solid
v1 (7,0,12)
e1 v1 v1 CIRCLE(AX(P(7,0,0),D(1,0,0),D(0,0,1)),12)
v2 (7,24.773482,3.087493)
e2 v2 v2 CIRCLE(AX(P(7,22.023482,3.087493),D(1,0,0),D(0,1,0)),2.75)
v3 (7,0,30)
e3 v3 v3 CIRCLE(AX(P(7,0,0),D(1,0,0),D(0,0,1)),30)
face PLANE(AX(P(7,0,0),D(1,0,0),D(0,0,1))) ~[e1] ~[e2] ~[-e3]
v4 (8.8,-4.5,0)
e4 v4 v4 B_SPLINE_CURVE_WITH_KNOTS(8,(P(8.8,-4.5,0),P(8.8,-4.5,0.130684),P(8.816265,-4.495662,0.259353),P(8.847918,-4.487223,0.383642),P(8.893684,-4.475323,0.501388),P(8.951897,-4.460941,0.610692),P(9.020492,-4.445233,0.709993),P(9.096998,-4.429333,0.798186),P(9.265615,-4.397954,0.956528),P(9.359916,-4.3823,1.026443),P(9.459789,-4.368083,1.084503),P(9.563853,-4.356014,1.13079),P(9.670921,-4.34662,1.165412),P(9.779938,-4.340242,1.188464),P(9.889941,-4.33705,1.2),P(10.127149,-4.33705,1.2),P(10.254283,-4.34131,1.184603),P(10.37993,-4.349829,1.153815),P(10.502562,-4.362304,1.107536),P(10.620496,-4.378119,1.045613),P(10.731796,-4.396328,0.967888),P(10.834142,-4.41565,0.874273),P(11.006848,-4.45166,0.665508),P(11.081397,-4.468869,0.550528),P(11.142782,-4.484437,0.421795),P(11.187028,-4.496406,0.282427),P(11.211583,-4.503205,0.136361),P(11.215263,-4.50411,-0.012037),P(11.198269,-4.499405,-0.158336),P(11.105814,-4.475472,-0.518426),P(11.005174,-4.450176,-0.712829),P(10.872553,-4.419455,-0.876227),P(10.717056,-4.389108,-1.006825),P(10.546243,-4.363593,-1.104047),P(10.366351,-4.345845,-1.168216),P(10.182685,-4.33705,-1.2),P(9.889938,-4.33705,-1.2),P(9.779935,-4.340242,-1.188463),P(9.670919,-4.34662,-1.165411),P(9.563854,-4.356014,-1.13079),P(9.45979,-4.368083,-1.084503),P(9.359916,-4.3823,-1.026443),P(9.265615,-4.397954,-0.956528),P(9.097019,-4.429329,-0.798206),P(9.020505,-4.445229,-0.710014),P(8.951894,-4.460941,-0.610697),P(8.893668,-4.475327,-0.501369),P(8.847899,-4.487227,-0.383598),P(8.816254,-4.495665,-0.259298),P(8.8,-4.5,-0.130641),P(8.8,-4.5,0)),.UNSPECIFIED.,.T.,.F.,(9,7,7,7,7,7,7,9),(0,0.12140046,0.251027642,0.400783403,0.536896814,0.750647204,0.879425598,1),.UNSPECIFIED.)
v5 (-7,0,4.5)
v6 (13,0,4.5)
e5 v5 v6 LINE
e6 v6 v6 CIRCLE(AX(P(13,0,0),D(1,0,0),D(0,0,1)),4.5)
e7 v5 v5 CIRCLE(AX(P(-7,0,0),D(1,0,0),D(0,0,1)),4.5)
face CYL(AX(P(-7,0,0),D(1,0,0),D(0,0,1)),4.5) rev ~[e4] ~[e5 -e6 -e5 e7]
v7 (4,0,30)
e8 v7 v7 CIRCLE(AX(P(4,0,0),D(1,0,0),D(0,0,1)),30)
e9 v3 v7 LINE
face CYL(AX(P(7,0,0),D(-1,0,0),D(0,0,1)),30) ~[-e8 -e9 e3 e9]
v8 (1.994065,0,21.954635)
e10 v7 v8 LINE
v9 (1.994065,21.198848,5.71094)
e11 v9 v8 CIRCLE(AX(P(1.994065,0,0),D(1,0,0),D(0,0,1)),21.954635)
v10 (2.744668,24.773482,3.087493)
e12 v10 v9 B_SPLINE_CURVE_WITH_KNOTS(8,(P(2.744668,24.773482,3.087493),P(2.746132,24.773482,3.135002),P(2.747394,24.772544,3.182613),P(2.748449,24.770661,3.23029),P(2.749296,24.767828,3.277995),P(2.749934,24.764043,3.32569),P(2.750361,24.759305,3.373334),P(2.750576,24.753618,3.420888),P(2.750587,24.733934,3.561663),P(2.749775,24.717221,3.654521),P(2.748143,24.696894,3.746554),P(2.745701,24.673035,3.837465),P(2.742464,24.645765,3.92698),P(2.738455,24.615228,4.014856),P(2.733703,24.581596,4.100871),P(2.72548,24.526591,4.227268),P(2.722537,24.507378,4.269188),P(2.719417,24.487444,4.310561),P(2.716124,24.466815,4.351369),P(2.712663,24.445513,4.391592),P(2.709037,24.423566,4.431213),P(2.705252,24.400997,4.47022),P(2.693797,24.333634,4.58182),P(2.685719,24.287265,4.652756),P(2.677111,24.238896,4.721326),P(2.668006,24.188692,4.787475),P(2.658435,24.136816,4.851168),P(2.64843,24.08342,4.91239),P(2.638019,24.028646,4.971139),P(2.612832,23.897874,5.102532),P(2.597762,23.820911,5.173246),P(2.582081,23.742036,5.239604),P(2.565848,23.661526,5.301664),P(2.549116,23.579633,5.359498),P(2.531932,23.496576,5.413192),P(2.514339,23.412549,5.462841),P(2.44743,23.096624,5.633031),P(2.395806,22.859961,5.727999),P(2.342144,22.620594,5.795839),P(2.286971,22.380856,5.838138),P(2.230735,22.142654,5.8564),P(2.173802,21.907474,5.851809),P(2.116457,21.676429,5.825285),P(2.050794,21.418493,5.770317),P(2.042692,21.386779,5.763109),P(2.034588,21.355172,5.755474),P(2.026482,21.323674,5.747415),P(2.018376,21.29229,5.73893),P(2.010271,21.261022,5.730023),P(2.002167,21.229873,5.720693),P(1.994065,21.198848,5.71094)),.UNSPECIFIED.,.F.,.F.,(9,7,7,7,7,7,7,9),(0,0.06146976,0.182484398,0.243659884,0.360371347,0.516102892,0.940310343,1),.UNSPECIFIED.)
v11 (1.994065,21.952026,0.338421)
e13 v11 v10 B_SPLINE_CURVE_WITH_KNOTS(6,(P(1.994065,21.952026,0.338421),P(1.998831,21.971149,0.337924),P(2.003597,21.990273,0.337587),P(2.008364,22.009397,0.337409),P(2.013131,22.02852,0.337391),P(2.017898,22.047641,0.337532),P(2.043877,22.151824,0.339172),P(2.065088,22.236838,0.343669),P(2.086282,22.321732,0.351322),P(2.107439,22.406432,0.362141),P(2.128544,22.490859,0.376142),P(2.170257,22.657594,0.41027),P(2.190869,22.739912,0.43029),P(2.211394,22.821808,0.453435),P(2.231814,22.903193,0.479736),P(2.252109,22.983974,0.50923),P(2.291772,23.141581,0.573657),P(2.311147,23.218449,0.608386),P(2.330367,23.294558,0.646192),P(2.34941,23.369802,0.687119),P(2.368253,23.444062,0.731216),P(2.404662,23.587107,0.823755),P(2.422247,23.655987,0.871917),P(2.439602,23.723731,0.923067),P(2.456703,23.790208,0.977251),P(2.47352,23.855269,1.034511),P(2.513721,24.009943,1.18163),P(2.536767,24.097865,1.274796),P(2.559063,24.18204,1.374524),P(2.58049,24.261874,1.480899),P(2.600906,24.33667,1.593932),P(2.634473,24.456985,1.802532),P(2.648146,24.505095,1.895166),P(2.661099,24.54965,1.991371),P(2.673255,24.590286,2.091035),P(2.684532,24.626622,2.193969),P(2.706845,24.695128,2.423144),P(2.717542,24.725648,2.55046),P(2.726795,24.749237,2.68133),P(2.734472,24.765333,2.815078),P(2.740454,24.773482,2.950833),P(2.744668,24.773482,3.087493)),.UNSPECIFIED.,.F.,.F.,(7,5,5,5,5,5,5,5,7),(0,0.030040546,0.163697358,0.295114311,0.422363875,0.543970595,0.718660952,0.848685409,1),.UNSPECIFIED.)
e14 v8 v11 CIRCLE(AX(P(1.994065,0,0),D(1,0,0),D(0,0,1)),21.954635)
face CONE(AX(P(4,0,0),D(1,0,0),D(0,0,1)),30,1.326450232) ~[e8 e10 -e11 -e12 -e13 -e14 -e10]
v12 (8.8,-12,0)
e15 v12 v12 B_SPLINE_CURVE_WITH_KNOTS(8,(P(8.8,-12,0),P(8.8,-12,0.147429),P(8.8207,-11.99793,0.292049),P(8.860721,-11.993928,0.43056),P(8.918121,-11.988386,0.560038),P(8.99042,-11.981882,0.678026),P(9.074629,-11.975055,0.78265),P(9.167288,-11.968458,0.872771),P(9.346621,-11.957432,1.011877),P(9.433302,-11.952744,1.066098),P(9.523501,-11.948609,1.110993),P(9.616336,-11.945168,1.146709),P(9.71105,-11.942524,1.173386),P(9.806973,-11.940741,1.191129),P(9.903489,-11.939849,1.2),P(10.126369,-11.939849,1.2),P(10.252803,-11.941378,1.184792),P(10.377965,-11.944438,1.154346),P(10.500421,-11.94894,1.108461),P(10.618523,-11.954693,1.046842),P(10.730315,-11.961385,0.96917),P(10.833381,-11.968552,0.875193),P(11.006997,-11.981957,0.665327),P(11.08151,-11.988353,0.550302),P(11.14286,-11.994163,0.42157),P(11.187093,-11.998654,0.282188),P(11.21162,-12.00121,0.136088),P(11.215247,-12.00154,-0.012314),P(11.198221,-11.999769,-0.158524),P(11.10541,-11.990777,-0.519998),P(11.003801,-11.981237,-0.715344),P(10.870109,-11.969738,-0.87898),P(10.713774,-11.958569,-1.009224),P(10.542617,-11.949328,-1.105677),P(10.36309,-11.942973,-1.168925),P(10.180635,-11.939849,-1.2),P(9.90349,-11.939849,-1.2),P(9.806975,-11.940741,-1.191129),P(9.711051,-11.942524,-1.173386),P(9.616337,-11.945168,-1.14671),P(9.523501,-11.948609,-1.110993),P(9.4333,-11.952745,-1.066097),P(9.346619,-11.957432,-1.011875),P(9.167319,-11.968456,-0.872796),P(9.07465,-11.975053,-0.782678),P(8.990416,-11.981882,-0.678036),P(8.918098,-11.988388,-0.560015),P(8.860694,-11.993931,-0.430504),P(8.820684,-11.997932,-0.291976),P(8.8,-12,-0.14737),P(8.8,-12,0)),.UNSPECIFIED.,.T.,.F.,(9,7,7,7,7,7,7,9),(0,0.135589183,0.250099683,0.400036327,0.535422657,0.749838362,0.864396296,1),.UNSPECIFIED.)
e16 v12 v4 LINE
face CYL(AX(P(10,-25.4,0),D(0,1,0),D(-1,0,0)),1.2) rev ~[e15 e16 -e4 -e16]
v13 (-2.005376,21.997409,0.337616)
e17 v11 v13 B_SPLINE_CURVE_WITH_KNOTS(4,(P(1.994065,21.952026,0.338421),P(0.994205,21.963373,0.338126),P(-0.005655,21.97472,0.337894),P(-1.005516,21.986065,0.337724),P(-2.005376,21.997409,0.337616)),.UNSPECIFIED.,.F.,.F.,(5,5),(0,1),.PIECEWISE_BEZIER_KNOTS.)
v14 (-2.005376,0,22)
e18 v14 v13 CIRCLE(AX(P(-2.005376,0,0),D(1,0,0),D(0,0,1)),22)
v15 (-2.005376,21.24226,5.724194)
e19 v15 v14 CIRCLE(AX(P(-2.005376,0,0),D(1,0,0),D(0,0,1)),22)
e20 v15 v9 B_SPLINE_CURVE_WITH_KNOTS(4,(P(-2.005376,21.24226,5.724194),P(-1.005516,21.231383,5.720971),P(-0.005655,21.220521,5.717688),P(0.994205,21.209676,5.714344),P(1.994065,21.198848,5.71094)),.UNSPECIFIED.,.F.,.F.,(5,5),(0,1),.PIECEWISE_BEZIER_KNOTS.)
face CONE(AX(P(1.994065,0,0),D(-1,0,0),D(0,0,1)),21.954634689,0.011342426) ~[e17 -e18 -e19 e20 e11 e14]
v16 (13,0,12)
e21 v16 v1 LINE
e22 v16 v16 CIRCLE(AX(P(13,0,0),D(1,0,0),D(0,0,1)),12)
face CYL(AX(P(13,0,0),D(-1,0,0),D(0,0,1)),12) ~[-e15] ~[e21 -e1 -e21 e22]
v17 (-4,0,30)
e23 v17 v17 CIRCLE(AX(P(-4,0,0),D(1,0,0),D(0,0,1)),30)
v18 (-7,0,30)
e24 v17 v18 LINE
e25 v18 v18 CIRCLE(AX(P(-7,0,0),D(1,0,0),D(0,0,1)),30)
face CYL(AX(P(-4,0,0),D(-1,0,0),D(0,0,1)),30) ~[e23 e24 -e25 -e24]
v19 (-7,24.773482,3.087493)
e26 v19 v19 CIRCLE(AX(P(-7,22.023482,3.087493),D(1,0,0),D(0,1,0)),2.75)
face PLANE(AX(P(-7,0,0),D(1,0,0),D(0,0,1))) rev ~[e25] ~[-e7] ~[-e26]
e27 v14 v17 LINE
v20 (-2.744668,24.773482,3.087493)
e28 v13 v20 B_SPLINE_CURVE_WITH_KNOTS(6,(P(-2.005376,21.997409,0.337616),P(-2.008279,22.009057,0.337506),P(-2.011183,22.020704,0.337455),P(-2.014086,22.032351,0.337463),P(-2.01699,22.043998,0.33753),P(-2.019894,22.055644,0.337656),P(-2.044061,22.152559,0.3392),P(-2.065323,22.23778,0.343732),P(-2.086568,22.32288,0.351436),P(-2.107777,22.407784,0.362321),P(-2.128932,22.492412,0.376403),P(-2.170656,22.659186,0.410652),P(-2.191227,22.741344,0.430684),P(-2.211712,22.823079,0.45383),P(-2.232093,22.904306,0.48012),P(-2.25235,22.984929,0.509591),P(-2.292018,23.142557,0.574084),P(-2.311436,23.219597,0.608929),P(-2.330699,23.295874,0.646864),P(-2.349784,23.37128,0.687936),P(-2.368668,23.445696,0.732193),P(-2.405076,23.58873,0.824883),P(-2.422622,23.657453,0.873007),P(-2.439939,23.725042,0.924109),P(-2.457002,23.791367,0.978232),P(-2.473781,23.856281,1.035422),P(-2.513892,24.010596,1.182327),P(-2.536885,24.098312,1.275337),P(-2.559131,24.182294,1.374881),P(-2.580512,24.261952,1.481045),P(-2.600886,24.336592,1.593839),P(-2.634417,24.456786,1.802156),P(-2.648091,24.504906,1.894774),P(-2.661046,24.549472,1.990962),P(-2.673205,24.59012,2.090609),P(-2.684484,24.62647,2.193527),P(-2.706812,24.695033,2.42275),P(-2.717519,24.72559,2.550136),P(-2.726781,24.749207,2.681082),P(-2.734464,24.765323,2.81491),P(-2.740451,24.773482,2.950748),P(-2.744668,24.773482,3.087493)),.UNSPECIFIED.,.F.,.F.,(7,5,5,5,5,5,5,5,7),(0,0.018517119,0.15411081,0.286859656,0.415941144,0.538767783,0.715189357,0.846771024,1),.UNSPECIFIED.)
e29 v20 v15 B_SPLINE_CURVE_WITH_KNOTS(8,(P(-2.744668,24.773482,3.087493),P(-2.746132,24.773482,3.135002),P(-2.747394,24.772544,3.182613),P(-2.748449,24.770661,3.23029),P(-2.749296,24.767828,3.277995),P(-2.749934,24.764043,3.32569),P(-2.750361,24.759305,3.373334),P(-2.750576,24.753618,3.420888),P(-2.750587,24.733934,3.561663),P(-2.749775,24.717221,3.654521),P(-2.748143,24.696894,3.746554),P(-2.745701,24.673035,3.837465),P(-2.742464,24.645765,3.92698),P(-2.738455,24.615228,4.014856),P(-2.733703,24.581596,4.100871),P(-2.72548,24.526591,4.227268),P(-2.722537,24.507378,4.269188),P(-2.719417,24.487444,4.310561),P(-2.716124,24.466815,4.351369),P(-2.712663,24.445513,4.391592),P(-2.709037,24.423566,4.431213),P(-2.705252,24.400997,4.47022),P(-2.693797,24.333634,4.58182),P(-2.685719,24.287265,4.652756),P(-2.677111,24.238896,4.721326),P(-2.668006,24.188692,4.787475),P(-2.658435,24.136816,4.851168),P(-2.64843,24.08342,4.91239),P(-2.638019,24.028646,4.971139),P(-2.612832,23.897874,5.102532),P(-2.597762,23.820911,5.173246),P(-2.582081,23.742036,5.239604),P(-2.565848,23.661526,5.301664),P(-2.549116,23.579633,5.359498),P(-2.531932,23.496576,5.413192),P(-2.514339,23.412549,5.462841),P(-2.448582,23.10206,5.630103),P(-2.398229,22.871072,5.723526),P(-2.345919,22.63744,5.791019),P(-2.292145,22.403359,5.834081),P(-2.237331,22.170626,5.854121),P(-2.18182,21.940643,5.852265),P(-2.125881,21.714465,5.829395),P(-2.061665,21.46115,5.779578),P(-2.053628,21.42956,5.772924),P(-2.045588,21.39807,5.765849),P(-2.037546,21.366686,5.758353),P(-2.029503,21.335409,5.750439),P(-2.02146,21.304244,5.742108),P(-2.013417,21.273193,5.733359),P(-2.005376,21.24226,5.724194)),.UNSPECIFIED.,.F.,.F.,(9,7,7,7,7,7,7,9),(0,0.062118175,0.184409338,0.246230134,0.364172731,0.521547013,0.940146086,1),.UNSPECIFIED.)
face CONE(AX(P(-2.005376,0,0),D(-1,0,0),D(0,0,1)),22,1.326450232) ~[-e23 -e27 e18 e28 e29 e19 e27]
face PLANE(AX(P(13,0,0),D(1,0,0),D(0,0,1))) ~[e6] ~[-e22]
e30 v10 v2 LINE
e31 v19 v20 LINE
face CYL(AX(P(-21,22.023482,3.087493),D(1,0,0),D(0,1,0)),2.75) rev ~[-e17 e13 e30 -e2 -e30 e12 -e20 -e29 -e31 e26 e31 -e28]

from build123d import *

# Parameters (mm, degrees)
F3_D     = 5.5
F3_DEPTH = 14
F3_TIP   = 1.6523667023
F6_D     = 2.4
F6_DEPTH = 13.4
F6_TIP   = 0.7210327428


with BuildPart() as f1:
    # F0 (on Front) → F1 (revolve)
    with BuildSketch(Plane.XZ):
        Polygon((-7, 30), (-7, 4.5), (13, 4.5), (13, 12), (7, 12), (7, 30), (4, 30), (1.9940651348, 21.9546346889), (-2.0053759773, 22), (-4, 30), align=None)
    revolve(axis=Axis((0, 0, 0), (1, 0, 0)))

    # F3
    with Locations(Plane(origin=(-7, 0, 0), x_dir=(0, -1, 0), z_dir=(-1, 0, 0))):
        with Locations((-22.0234822482, 3.0874926597)):
            Hole(F3_D / 2, depth=F3_DEPTH)
            with Locations((0, 0, -(F3_DEPTH + F3_TIP / 2))):  # 118° drill point
                Cone(0, F3_D / 2, F3_TIP, mode=Mode.SUBTRACT)

    # F6
    with Locations(Plane.XZ.offset(12)):
        with Locations((10, 0)):
            Hole(F6_D / 2, depth=F6_DEPTH)
            with Locations((0, 0, -(F6_DEPTH + F6_TIP / 2))):  # 118° drill point
                Cone(0, F6_D / 2, F6_TIP, mode=Mode.SUBTRACT)


solid = f1.part
